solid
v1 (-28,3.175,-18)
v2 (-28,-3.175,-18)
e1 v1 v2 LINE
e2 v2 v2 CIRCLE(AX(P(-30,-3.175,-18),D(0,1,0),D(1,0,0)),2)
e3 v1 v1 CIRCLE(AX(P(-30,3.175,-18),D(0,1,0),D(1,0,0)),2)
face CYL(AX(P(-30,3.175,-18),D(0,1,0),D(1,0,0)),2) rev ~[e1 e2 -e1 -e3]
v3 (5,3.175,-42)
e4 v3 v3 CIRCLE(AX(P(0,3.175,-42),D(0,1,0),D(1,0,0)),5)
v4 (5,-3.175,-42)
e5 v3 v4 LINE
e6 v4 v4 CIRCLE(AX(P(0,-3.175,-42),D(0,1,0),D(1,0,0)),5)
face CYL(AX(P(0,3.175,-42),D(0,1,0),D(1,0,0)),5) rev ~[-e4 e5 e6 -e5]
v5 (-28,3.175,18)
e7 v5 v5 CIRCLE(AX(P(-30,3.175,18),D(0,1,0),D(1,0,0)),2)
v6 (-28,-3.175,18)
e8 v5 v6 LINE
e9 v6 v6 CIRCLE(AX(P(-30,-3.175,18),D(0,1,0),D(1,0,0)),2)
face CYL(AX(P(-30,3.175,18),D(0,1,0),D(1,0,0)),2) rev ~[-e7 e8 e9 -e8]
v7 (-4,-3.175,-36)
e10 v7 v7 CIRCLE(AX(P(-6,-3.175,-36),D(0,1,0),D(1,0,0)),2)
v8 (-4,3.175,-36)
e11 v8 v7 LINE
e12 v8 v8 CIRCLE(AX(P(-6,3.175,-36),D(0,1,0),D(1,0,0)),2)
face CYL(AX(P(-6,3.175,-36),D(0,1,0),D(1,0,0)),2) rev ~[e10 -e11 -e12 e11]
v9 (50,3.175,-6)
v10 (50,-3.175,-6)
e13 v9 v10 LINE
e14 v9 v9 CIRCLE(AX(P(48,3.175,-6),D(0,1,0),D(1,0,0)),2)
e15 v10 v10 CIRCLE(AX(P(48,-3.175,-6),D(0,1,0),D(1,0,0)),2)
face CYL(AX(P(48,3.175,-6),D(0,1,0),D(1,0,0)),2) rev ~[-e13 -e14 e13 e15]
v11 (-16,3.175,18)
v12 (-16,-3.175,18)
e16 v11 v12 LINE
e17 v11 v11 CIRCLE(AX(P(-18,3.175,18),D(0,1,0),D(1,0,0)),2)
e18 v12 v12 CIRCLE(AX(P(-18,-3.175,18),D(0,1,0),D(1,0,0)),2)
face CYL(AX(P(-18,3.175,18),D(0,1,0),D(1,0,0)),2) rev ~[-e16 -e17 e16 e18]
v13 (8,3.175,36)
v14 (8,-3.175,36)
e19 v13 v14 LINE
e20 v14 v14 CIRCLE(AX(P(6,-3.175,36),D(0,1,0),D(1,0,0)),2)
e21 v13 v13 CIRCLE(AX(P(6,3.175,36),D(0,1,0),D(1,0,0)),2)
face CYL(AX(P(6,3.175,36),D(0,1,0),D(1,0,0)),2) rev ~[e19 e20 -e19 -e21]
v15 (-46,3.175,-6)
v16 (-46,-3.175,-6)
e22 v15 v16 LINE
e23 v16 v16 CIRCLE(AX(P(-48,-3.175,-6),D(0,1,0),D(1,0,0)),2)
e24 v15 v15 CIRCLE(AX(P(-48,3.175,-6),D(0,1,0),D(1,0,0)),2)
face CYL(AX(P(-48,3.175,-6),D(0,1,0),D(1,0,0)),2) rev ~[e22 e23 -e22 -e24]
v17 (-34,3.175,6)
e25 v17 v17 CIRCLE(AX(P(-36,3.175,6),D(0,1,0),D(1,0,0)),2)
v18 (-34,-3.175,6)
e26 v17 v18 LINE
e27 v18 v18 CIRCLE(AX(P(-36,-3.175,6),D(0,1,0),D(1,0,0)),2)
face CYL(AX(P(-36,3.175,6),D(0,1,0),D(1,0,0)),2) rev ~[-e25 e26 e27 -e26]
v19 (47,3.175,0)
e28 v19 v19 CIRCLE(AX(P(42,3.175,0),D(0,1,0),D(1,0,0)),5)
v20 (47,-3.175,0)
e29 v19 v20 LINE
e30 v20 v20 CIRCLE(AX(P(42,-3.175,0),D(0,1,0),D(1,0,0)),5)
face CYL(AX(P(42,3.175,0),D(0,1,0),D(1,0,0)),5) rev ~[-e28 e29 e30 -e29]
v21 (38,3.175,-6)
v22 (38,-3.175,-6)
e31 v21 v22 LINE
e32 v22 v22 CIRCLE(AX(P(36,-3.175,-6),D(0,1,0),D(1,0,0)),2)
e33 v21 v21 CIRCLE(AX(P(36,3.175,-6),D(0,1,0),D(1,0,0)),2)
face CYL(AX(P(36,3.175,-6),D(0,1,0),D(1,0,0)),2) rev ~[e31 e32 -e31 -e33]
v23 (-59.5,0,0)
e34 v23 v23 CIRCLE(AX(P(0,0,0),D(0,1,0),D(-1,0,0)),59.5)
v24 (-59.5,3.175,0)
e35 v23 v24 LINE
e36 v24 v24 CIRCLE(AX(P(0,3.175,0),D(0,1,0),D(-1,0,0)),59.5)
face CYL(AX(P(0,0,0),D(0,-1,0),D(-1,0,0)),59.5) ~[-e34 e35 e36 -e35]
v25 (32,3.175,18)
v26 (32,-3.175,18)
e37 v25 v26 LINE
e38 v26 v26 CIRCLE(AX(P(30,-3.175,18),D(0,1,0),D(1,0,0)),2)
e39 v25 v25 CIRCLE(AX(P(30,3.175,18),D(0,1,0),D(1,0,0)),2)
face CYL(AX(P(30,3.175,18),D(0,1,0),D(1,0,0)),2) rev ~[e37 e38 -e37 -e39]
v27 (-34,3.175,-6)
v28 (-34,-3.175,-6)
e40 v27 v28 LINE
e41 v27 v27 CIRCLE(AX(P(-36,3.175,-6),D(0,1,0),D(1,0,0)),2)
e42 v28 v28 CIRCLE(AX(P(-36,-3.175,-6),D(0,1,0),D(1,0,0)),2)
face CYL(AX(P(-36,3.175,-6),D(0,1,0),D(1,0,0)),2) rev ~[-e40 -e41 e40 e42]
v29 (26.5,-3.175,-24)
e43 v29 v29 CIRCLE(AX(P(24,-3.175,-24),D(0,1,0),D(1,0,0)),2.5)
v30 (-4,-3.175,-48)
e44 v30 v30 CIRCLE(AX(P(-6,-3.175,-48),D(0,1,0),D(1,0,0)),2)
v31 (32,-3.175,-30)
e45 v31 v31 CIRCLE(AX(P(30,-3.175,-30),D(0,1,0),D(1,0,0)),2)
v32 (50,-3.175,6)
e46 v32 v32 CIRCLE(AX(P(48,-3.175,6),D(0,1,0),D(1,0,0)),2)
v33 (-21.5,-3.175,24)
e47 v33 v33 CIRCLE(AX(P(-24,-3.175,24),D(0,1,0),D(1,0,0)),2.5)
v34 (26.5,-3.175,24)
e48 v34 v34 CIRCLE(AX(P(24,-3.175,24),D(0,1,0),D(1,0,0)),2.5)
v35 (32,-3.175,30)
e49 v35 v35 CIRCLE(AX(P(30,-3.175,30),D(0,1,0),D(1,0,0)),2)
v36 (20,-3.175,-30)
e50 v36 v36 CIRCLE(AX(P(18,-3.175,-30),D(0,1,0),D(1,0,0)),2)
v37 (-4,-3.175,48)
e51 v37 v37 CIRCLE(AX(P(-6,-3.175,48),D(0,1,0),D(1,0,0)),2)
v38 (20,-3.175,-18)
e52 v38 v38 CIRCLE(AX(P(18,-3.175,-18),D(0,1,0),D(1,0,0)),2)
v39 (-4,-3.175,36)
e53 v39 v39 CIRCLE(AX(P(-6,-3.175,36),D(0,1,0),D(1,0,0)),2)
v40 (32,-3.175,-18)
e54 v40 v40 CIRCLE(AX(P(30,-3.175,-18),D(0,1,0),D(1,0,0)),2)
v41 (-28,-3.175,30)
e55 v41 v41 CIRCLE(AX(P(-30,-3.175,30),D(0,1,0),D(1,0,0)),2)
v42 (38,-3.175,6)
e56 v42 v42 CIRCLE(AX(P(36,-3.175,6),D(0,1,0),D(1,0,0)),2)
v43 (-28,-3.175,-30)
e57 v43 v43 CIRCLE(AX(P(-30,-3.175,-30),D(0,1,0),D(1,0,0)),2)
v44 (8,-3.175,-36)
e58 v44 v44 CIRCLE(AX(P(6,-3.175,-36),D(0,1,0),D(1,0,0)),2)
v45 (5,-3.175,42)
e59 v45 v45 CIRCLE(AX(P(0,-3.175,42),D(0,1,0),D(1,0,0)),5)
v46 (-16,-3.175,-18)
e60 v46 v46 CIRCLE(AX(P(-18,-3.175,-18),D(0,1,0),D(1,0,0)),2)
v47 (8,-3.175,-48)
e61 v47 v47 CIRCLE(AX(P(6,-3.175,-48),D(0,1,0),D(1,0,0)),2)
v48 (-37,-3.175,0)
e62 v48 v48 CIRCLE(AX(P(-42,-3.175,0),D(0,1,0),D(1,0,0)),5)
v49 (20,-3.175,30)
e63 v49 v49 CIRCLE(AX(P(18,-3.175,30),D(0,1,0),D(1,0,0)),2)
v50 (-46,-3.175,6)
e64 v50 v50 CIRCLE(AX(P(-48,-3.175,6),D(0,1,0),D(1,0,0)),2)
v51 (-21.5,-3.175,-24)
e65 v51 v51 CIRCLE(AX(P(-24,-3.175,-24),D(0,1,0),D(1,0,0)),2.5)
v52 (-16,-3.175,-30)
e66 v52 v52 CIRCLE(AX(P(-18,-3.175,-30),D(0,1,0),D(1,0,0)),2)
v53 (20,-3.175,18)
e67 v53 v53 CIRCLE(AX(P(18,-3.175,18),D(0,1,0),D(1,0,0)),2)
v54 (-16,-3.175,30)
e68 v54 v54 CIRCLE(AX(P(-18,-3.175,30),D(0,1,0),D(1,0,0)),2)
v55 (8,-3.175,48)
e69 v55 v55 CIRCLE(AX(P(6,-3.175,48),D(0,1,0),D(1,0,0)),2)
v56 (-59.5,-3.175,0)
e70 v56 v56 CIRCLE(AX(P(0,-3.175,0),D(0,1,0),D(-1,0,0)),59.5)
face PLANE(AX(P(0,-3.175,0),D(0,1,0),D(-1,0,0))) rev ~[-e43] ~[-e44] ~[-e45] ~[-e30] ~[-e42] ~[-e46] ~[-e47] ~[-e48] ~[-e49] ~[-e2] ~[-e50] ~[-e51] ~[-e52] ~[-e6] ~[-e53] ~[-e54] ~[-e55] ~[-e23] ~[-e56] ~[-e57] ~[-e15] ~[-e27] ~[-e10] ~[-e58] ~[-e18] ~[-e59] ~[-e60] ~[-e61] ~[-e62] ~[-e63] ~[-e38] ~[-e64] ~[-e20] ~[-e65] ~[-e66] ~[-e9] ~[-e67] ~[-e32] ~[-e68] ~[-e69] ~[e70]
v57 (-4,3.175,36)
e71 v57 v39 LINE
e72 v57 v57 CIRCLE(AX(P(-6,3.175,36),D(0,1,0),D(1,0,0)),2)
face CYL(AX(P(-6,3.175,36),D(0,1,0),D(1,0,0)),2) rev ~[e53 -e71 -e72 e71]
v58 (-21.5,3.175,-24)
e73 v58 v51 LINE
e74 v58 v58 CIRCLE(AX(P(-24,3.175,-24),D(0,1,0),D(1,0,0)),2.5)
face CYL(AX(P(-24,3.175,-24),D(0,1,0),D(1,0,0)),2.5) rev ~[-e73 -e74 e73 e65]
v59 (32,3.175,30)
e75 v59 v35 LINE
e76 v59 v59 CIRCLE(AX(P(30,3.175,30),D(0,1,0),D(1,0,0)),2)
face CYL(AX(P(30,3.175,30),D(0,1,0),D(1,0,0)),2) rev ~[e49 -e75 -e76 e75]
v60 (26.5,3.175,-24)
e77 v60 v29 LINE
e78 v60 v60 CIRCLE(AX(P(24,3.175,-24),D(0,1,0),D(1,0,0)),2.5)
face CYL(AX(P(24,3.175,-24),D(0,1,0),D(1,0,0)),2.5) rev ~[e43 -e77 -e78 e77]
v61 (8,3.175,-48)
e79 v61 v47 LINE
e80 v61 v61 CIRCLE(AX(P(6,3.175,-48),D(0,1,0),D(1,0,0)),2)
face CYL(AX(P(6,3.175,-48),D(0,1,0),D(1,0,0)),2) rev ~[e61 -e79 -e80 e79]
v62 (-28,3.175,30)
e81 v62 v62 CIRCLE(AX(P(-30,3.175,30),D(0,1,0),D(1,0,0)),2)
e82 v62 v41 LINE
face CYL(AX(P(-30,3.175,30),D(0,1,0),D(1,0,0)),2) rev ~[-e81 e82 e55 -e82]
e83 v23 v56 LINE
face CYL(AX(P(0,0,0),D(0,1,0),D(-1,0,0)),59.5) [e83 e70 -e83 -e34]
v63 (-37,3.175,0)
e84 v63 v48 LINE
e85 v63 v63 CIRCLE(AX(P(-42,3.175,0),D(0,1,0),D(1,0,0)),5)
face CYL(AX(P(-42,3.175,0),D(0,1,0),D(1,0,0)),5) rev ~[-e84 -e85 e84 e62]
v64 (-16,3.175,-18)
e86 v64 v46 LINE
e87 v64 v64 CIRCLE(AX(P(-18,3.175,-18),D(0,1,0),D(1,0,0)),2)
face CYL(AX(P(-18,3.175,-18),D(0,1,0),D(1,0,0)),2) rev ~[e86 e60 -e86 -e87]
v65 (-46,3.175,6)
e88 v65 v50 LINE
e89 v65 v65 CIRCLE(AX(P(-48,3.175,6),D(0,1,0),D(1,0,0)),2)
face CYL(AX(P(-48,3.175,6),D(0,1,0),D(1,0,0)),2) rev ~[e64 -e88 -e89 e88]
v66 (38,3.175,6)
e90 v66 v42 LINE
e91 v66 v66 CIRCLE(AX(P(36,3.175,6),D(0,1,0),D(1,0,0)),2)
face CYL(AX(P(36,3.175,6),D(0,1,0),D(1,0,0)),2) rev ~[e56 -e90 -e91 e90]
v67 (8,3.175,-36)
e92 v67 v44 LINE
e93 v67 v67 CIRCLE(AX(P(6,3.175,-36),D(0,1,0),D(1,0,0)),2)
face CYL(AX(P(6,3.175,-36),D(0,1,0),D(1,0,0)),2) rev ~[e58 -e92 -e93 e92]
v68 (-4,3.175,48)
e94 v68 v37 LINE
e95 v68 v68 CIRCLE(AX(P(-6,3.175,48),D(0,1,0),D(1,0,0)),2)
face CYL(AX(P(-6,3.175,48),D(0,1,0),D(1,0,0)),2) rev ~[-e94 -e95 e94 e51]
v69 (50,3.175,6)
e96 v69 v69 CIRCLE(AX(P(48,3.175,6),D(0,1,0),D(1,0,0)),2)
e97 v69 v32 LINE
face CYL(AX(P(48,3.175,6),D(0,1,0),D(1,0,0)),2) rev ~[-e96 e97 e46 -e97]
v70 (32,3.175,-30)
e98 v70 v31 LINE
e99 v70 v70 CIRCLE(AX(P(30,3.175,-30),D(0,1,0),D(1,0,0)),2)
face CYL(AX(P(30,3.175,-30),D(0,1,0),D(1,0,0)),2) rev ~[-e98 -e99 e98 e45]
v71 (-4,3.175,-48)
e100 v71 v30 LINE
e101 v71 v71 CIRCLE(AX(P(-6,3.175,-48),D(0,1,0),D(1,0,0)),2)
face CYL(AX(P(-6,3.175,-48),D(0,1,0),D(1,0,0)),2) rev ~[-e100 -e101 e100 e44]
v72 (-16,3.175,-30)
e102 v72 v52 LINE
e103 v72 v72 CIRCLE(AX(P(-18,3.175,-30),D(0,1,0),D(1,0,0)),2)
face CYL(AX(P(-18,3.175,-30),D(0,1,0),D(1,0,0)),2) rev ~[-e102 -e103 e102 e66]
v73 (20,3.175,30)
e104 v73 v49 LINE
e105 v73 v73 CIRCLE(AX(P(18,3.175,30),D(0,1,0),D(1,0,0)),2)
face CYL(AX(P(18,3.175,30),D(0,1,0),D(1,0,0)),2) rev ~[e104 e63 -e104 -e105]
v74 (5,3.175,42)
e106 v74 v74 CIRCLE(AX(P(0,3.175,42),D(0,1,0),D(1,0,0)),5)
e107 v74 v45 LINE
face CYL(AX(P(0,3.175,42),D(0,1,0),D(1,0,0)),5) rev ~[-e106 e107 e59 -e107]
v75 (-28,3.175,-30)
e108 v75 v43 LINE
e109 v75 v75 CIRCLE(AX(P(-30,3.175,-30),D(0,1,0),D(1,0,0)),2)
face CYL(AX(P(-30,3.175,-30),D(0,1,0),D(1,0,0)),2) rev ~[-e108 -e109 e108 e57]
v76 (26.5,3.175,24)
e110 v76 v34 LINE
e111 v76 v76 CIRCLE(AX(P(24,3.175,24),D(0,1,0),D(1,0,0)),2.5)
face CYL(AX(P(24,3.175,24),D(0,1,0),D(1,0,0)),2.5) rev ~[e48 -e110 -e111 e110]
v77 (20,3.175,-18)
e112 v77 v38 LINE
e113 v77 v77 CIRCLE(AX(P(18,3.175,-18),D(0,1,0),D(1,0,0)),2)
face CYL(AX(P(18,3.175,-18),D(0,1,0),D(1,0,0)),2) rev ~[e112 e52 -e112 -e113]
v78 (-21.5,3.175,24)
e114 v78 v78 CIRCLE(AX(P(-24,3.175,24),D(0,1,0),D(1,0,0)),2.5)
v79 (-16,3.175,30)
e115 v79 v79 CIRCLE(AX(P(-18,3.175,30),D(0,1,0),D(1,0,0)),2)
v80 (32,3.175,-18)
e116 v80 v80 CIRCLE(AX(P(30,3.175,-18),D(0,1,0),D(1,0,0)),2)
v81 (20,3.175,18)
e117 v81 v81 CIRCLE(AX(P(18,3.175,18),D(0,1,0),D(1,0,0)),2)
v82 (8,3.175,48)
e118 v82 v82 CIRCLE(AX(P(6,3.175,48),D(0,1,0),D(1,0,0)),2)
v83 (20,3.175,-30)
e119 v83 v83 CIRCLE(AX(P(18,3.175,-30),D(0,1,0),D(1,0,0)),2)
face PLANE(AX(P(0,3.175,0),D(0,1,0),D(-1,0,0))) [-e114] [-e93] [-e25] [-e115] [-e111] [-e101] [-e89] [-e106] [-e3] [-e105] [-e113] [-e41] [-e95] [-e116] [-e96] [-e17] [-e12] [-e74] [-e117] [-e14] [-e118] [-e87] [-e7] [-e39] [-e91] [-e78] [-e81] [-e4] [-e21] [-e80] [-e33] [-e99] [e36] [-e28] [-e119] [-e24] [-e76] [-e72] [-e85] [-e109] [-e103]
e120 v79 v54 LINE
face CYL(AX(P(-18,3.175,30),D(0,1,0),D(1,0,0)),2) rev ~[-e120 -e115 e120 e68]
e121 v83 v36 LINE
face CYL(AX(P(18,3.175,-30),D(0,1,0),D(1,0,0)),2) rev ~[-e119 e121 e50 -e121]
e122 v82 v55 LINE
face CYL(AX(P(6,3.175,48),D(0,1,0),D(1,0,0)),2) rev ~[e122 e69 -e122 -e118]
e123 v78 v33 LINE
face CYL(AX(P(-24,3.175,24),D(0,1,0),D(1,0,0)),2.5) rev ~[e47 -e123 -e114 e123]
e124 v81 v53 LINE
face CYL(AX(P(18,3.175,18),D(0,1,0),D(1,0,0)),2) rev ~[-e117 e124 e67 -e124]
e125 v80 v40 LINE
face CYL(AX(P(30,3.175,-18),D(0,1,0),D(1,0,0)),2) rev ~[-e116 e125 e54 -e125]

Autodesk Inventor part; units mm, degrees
ref_plane "YZ Plane" through (0, 0, 0) normal (1, 0, 0) x (0, 1, 0)
ref_plane "XZ Plane" through (0, 0, 0) normal (0, 1, 0) x (-1, 0, 0)
ref_plane "XY Plane" through (0, 0, 0) normal (0, 0, 1) x (1, 0, 0)
sketch "Sketch1" plane through (0, 0, 0) normal (0, 1, 0) x (-1, 0, 0)
  circle A0 centre (0, 0) radius 59.5
  dimension "d0" = 119
extrude "Extrusion1" add sketch "Sketch1" along normal mid plane 6.35
sketch "Sketch5" plane through (0, 3.175, 0) normal (0, 1, 0) x (1, 0, 0)
  circle A0 centre (-42, 0) radius 5
  circle A1 centre (-36, 6) radius 2
  circle A2 centre (-48, 6) radius 2
  circle A3 centre (-48, -6) radius 2
  circle A4 centre (-36, -6) radius 2
  circle A5 centre (0, -42) radius 5
  circle A6 centre (-6, -36) radius 2
  circle A7 centre (-6, -48) radius 2
  circle A8 centre (6, -48) radius 2
  circle A9 centre (6, -36) radius 2
  circle A10 centre (42, 0) radius 5
  circle A11 centre (36, -6) radius 2
  circle A12 centre (48, -6) radius 2
  circle A13 centre (48, 6) radius 2
  circle A14 centre (36, 6) radius 2
  circle A15 centre (0, 42) radius 5
  circle A16 centre (6, 36) radius 2
  circle A17 centre (6, 48) radius 2
  circle A18 centre (-6, 48) radius 2
  circle A19 centre (-6, 36) radius 2
  point P0 (0, 0)
  dimension "d37" = 10
  dimension "d38" = 42
  dimension "d39" = 4
  dimension "d40" = 6
  dimension "d41" = 6
  dimension "d44" = 360
  dimension "d48" = 360
extrude "Extrusion4" cut sketch "Sketch5" against normal through all
sketch "Sketch8" plane through (0, 3.175, 0) normal (0, 1, 0) x (1, 0, 0)
  circle A0 centre (-24, -24) radius 2.5
  circle A1 centre (-30, -18) radius 2
  circle A2 centre (-30, -30) radius 2
  circle A3 centre (-18, -30) radius 2
  circle A4 centre (-18, -18) radius 2
  circle A5 centre (24, -24) radius 2.5
  circle A6 centre (18, -30) radius 2
  circle A7 centre (30, -30) radius 2
  circle A8 centre (30, -18) radius 2
  circle A9 centre (18, -18) radius 2
  circle A10 centre (24, 24) radius 2.5
  circle A11 centre (30, 18) radius 2
  circle A12 centre (30, 30) radius 2
  circle A13 centre (18, 30) radius 2
  circle A14 centre (18, 18) radius 2
  circle A15 centre (-24, 24) radius 2.5
  circle A16 centre (-18, 30) radius 2
  circle A17 centre (-30, 30) radius 2
  circle A18 centre (-30, 18) radius 2
  circle A19 centre (-18, 18) radius 2
  circle A20 centre (-24, -24) radius 16
  circle A21 centre (24, -24) radius 16
  circle A22 centre (24, 24) radius 16
  circle A23 centre (-24, 24) radius 16
  point P0 (0, 0)
  dimension "d70" = 5
  dimension "d71" = 24
  dimension "d72" = 24
  dimension "d73" = 4
  dimension "d74" = 6
  dimension "d75" = 6
  dimension "d78" = 360
  dimension "d88" = 360
  dimension "d90" = 32
  dimension "d93" = 360
extrude "Extrusion6" cut sketch "Sketch8" against normal through all contours A0 | A1 | A2 | A3 | A4 | A5 | A6 | A7 | A8 | A9 | A10 | A11 | A12 | A13 | A14 | A15 | A16 | A17 | A18 | A19
properties part number "TurnTable"
